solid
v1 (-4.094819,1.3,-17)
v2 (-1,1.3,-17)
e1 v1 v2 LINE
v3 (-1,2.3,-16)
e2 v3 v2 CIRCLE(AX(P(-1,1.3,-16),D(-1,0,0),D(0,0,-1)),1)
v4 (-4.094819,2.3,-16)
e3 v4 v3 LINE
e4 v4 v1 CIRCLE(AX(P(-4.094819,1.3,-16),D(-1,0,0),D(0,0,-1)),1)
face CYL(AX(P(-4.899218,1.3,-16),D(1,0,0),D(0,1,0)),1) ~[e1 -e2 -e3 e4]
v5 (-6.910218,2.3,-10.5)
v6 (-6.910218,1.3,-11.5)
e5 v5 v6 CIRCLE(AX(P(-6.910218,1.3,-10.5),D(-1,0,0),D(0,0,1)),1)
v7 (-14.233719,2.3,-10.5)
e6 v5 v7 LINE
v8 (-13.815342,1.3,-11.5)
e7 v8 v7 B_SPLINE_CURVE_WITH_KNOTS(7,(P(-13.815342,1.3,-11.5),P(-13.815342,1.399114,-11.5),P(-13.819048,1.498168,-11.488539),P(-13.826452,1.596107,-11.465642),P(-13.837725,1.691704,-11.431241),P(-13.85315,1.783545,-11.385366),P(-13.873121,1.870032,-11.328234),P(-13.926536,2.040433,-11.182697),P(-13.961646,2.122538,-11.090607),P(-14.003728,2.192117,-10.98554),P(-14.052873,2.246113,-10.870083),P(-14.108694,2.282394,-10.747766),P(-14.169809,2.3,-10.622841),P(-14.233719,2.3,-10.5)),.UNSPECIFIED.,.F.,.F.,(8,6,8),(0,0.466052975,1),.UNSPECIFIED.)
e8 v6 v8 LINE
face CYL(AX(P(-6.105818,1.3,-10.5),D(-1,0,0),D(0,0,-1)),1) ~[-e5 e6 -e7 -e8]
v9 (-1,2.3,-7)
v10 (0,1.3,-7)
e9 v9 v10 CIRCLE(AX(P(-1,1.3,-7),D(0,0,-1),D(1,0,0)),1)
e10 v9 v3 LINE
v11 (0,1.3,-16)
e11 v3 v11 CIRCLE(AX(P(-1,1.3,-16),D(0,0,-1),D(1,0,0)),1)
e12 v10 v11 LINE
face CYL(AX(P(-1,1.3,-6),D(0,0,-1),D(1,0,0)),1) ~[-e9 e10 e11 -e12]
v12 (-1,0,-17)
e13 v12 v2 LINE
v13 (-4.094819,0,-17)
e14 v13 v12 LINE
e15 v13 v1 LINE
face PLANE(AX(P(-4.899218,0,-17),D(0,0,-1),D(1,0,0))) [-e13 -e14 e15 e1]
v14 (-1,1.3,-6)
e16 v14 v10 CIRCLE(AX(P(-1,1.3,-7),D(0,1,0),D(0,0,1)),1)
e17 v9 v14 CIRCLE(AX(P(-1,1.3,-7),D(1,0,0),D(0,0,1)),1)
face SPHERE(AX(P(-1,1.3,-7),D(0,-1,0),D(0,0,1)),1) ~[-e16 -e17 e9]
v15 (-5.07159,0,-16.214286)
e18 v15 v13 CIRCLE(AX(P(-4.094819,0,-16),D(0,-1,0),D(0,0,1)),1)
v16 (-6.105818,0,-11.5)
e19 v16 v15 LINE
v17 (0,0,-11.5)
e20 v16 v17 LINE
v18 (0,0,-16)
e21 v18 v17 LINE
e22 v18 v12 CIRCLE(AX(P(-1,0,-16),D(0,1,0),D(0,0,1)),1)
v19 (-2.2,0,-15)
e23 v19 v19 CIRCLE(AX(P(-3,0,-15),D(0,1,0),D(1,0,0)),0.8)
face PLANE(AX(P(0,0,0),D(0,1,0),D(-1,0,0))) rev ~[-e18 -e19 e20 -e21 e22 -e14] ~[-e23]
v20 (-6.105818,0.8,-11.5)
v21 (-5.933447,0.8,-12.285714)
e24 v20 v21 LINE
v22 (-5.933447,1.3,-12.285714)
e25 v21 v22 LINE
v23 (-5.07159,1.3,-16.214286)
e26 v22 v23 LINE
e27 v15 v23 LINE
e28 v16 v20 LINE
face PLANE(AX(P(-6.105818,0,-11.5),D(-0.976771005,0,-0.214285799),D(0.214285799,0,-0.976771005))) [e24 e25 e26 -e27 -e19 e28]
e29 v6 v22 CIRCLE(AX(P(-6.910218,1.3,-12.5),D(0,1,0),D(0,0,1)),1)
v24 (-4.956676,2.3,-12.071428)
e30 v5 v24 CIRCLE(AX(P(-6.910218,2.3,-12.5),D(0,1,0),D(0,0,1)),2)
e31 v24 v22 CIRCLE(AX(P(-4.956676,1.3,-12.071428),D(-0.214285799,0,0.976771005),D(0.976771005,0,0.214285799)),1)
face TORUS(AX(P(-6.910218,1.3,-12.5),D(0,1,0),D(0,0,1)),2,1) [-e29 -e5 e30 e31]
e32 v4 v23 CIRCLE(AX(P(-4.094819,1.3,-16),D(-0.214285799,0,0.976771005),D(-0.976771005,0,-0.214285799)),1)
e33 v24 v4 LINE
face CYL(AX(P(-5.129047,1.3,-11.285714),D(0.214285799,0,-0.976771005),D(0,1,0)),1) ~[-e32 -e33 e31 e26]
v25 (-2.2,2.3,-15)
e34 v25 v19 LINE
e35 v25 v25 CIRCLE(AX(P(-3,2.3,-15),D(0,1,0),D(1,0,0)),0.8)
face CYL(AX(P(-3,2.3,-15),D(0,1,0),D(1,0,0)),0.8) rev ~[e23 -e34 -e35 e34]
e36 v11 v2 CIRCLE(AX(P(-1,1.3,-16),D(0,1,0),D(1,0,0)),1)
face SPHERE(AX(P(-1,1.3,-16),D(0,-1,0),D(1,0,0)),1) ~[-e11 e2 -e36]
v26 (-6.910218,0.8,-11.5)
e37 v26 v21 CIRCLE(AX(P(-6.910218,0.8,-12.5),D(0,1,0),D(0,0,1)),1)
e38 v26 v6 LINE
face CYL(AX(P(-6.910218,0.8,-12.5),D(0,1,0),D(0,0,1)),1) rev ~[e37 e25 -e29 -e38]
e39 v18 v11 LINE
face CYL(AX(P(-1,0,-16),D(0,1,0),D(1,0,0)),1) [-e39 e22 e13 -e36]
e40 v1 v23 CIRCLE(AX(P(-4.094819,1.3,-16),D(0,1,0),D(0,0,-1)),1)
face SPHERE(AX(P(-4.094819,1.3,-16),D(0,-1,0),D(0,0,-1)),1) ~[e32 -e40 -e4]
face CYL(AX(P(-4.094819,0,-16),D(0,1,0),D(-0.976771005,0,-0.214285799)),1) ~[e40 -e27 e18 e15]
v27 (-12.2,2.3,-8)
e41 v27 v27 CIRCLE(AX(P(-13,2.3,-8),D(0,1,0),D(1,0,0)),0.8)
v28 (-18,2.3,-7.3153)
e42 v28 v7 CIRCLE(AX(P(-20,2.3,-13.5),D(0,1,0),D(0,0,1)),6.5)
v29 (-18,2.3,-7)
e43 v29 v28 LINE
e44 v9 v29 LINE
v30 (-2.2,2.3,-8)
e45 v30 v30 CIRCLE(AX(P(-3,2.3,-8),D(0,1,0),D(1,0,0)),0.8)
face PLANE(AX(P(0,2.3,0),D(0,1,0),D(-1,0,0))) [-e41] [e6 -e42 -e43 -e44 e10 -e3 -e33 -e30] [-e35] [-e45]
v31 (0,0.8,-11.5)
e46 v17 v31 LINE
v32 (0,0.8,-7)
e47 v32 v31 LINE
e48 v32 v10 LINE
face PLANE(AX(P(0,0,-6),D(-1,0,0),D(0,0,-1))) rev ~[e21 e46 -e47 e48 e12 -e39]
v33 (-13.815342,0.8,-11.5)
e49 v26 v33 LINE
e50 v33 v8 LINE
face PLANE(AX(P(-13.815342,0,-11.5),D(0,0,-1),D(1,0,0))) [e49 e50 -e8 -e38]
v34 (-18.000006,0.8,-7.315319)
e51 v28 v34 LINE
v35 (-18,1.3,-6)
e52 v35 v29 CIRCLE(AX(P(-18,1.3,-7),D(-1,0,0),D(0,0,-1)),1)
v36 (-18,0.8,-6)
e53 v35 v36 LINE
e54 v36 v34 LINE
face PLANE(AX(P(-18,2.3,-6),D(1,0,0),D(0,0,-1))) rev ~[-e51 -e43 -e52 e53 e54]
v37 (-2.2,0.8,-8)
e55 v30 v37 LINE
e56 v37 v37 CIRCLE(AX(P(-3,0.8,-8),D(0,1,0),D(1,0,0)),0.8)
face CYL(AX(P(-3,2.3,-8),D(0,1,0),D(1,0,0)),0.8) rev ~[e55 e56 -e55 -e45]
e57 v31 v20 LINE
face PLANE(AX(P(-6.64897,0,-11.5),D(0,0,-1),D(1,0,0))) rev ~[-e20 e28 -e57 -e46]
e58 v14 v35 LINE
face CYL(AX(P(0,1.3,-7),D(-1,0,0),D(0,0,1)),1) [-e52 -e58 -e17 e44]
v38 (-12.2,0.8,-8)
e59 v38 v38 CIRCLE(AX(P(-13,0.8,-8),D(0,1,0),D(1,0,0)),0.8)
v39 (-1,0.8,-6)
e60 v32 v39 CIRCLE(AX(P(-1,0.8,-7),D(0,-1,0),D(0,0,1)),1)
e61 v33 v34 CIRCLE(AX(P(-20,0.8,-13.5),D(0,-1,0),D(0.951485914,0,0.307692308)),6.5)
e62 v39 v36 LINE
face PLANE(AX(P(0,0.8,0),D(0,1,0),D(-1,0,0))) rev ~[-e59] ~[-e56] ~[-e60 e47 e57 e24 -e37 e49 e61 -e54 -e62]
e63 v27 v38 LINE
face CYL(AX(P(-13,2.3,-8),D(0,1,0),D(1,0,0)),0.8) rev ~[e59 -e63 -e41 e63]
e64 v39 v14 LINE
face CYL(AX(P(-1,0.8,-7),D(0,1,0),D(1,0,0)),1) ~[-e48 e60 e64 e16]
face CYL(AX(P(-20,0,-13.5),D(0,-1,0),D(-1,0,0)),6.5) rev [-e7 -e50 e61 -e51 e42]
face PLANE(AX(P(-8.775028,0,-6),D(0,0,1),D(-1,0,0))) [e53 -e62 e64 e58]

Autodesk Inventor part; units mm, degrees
ref_plane "YZ Plane" through (0, 0, 0) normal (1, 0, 0) x (0, 1, 0)
ref_plane "XZ Plane" through (0, 0, 0) normal (0, 1, 0) x (-1, 0, 0)
ref_plane "XY Plane" through (0, 0, 0) normal (0, 0, 1) x (1, 0, 0)
sketch "スケッチ1" plane through (0, 0, 0) normal (0, 1, 0) x (-1, 0, 0)
  line L0 (20, 0) -> (0, 0)
  line L1 (0, 0) -> (0, -27)
  line L2 (0, -27) -> (20, -27)
  line L3 (20, -27) -> (20, 0)
  circle A0 centre (20, -13.5) radius 13.5
  circle A1 centre (20, -13.5) radius 14
  circle A2 centre (20, -13.5) radius 2
  line L4 (20, -11.5) -> (-0.0059, -11.5)
  line L5 (0, -27) -> (20, -27)
  line L6 (20, -27) -> (20, -17)
  line L7 (20, -17) -> (0, -17)
  line L8 (0, -17) -> (0, -27)
  line L9 (20, -11.5) -> (0, -11.5)
  line L10 (0, -11.5) -> (0, -6)
  line L11 (0, -6) -> (20, -6)
  line L12 (20, -6) -> (20, -11.5)
  circle A3 centre (20, -13.5) radius 6.5
  line L13 (20, -10.5) -> (-0.0015, -10.5)
  line L14 (6.3252, -10.5) -> (2.7054, -27)
  point P0 (16.2919, 0)
  point P1 (16.2919, -27)
  point P2 (0, -11.5)
  point P3 (6.1436, -11.5)
  point P4 (0, -17)
  point P5 (6.4446, -17)
  point P6 (8.1784, -6)
  point P7 (13.8153, -11.5)
  point P8 (20, -7)
  point P9 (14.5228, -17)
  point P10 (20, -20)
  point P11 (6.1058, -11.5)
  point P12 (4.8992, -17)
  dimension "d1" = 28
  dimension "d2" = 4
  dimension "d0" = 27
  dimension "d7" = 20
  dimension "d8" = 10
  dimension "d9" = 5.5
  dimension "d21" = 13
  dimension "d22" = 1
extrude "押し出し1" add sketch "スケッチ1" along normal blind 2.3 contours L3 A3 L13 A0 L11 | A0 L13 A1 L11 | A1 L13 L1 L11 | L13 A3 L4 A0 | A0 L4 A1 L13 | L14 L4 L1 L13 | A1 L4 L14 | L14 L7 L1 L4
extrude "押し出し2" cut sketch "スケッチ1" along normal blind 0.8 contours A1 L11 L1 L0 | L3 A3 L13 A0 L11 | A0 L13 A1 L11 | A1 L13 L1 L11 | L13 A3 L4 A0 | A0 L4 A1 L13 | L14 L4 L1 L13 | A1 L4 L14
sketch "スケッチ2" plane through (0, 2.3, 0) normal (0, 1, 0) x (1, 0, 0)
  circle A0 centre (-3, 15) radius 0.8
  line L0 (-20, 6) -> (0, 6) projected
  line L1 (0, 0) -> (0, 17) projected
  circle A1 centre (-3, 8) radius 0.8
  line L2 (0, 17) -> (-4.8992, 17) projected
  circle A2 centre (-13, 8) radius 0.8
  circle A3 centre (-13, 8) radius 0.8 projected
  circle A4 centre (-3, 8) radius 0.8 projected
  line L3 (-18, 0) -> (-18, 7.3153) projected
  line L4 (-18, 0) -> (0.4606, 0) projected
  line L5 (0.4606, 0.5589) -> (0.4606, 0) projected
  arc A5 (0.4606, 5.4411) -> (0.4606, 0.5589) centre (1, 3) ccw projected
  line L6 (0.4606, 10.5) -> (0.4606, 5.4411) projected
  line L7 (0.4606, 10.5) -> (-14.2337, 10.5) projected
  arc A6 (-18, 7.3153) -> (-14.2337, 10.5) centre (-20, 13.5) ccw projected
  arc A7 (-20, 7) -> (-13.8153, 11.5) centre (-20, 13.5) ccw projected
  line L8 (-20, 7) -> (-20, 6) projected
  line L9 (-20, 6) -> (0, 6) projected
  line L10 (0, 6) -> (0, 17) projected
  line L11 (0, 17) -> (-4.8992, 17) projected
  line L12 (-4.8992, 17) -> (-6.1058, 11.5) projected
  line L13 (-6.1058, 11.5) -> (-13.8153, 11.5) projected
  point P0 (-8.1784, 6)
  point P1 (-6.4446, 17)
  point P2 (-5.3497, 17)
  point P3 (0, 27)
  point P4 (-14.5228, 17)
  point P5 (-20, 17)
  point P6 (-18, 6)
  dimension "d11" = 1.6
  dimension "d14" = 1.6
  dimension "d15" = 2
  dimension "d16" = 3
  dimension "d17" = 2
  dimension "d23" = 1.6
  dimension "d24" = 10
extrude "押し出し3" cut sketch "スケッチ2" against normal through all contours A0 | L8 A7 L3 L0 | A1 | A2
fillet "フィレット1" radius 1 9 edges at (0, 1.55, -6) (0, 1.15, -17) (-9, 2.3, -6) (0, 2.3, -11.5) (-2.4496, 2.3, -17) (-9.9606, 2.3, -11.5) (-5.5025, 2.3, -14.25) (-4.8992, 1.15, -17) (-6.1058, 1.55, -11.5)
properties part number "leg_springjoint_cover_under_left"
